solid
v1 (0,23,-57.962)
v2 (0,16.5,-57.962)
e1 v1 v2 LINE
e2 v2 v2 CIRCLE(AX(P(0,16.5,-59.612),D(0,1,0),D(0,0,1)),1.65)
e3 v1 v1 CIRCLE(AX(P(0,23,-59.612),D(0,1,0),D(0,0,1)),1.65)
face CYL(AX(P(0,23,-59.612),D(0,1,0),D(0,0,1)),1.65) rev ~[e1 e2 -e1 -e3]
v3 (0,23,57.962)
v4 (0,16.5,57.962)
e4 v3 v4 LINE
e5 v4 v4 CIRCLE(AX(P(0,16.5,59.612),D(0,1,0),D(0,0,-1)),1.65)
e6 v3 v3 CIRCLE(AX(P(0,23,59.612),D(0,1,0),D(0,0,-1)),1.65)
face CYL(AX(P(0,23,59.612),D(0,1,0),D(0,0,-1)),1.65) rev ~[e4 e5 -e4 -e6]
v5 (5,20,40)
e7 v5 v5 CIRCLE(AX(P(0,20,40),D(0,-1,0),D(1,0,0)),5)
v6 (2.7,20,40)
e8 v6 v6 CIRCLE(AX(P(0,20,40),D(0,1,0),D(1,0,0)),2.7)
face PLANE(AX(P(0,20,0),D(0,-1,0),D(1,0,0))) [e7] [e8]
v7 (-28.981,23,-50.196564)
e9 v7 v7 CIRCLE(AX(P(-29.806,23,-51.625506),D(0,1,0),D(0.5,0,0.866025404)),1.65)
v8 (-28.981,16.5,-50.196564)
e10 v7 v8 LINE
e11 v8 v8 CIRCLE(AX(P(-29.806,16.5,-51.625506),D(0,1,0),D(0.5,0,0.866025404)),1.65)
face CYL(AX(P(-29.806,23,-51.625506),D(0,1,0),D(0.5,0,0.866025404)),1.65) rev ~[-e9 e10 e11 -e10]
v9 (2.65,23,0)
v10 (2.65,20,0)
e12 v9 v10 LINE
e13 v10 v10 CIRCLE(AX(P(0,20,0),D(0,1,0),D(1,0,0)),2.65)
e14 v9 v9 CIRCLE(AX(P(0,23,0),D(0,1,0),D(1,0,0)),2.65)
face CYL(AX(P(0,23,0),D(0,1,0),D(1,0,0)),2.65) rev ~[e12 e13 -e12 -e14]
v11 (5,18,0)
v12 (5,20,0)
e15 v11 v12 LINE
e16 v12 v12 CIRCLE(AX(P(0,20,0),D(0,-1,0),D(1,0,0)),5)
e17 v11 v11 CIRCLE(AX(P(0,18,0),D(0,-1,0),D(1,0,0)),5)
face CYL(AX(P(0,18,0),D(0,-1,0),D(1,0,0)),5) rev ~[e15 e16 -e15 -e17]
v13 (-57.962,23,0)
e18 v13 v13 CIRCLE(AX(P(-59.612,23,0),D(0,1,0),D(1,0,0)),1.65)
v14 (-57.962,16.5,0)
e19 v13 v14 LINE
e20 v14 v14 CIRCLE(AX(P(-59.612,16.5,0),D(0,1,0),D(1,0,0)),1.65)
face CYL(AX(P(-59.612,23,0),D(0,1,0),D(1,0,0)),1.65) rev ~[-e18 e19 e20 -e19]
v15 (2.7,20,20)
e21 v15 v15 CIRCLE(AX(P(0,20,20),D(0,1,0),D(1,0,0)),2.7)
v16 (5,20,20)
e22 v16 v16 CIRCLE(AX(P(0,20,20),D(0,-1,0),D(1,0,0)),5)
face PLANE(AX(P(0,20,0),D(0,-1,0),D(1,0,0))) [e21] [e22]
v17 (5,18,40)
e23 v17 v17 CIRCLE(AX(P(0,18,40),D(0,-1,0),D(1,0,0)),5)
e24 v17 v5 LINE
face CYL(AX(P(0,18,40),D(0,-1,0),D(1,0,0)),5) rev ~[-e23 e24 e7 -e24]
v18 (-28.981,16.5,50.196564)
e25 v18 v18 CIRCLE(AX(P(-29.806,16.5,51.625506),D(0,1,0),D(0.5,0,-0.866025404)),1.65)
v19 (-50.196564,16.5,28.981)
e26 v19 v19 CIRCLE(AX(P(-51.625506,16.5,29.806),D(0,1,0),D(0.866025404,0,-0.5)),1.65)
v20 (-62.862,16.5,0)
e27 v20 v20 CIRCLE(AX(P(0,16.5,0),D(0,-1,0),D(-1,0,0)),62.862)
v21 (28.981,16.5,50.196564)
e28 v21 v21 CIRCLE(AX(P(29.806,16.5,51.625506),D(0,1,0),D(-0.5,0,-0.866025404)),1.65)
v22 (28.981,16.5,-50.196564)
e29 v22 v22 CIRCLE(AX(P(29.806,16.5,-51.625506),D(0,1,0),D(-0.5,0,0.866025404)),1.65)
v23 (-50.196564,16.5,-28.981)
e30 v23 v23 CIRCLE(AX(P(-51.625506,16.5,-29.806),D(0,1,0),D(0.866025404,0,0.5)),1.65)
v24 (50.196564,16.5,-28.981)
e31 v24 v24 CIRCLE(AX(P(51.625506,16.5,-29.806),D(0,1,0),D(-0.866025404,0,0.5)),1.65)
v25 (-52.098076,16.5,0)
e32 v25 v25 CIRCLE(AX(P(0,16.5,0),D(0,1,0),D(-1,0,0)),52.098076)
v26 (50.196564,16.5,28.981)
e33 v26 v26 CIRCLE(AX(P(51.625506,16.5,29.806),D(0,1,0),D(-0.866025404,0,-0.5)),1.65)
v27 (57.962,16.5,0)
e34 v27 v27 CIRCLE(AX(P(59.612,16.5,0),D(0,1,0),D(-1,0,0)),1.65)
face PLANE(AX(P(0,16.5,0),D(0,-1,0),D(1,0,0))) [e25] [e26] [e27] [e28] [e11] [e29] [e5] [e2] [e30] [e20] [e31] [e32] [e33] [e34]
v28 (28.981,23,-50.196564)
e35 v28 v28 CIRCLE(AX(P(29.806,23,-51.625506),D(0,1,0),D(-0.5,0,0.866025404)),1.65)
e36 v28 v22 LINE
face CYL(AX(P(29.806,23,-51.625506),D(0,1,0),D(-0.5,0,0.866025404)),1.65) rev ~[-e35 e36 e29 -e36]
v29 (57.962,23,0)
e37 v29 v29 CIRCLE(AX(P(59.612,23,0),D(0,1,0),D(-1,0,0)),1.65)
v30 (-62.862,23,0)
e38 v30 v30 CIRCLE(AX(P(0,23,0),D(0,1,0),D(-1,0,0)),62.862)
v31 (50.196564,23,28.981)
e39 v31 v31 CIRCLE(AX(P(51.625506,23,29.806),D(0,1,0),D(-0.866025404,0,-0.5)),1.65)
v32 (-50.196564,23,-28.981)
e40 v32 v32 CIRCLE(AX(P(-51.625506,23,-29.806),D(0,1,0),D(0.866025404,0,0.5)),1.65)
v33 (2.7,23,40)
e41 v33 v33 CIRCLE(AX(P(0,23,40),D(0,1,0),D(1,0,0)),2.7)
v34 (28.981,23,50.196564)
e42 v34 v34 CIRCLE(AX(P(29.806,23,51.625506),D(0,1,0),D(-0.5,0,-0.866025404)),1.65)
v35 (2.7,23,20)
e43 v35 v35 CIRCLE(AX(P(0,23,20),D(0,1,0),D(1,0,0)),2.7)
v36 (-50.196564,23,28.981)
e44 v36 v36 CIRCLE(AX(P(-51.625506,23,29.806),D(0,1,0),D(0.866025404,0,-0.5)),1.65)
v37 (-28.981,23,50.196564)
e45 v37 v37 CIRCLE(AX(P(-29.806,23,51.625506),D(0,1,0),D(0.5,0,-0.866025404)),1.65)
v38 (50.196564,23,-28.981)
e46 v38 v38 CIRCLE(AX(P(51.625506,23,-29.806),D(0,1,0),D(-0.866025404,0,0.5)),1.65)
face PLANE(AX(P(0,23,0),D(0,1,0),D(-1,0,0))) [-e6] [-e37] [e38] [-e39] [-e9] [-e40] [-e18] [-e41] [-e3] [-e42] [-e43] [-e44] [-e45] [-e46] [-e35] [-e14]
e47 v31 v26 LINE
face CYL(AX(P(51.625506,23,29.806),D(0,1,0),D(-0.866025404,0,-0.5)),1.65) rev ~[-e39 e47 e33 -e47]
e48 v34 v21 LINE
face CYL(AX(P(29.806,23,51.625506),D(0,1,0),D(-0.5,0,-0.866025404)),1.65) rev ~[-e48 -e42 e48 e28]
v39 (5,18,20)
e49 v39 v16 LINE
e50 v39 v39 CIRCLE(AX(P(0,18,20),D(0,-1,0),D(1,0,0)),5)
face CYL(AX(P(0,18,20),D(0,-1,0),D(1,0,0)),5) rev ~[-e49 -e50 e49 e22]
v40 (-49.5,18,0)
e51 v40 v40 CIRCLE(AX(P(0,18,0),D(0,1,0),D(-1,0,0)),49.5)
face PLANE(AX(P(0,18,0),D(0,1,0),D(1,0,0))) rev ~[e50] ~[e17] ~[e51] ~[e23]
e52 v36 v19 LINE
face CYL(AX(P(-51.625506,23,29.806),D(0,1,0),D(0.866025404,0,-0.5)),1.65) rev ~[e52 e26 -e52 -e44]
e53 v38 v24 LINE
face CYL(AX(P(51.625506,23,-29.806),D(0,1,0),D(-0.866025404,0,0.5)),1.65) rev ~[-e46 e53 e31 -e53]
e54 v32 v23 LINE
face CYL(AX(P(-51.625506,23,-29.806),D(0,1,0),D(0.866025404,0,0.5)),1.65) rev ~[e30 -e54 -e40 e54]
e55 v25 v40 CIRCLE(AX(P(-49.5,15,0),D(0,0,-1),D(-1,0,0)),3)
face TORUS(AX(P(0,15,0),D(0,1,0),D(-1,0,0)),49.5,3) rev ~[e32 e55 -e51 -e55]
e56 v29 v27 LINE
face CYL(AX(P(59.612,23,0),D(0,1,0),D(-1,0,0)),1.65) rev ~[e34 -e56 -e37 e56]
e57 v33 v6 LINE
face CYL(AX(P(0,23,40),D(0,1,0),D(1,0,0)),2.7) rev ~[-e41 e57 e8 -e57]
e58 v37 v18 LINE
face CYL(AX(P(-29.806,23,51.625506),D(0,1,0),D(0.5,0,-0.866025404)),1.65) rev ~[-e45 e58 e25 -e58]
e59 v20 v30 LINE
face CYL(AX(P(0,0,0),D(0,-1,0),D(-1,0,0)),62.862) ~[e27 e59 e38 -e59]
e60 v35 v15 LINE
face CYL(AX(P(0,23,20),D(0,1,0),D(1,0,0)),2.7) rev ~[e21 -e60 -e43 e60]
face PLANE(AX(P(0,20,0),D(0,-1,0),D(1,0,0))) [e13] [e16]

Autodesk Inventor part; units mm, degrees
ref_plane "YZ Plane" through (0, 0, 0) normal (1, 0, 0) x (0, 1, 0)
ref_plane "XZ Plane" through (0, 0, 0) normal (0, 1, 0) x (-1, 0, 0)
ref_plane "XY Plane" through (0, 0, 0) normal (0, 0, 1) x (1, 0, 0)
sketch "Boceto1" plane through (0, 0, 0) normal (0, 1, 0) x (-1, 0, 0)
  circle A0 centre (0, 0) radius 62.862
  circle A1 centre (0, 0) radius 52.5
  dimension "d0" = 125.724
  dimension "d1" = 105
extrude "Extrusión1" add sketch "Boceto1" along normal blind 23
sketch "Boceto2" plane through (0, 23, 0) normal (0, 1, 0) x (1, 0, 0)
  circle A0 centre (0, 0) radius 52.5 projected
extrude "Extrusión2" add sketch "Boceto2" against normal blind 5
sketch "Boceto3" plane through (0, 23, 0) normal (0, 1, 0) x (1, 0, 0)
  circle A0 centre (0, 0) radius 2.65
  dimension "d6" = 5.3
extrude "Extrusión3" cut sketch "Boceto3" against normal through all
sketch "Boceto4" plane through (0, 23, 0) normal (0, 1, 0) x (1, 0, 0)
  circle A0 centre (-59.612, 0) radius 1.65
  point P0 (0, 0)
  dimension "d9" = 3.3
  dimension "d10" = 59.612
extrude "Extrusión4" cut sketch "Boceto4" against normal through all
pattern_circular "Patrón circular1" count 12 over 360 about axis through (0, 0, 0) along (0, 1, 0) of "Extrusión4"
fillet "Empalme1" radius 3 1 edges at (52.5, 18, 0)
sketch "Boceto6" plane through (0, 23, 0) normal (0, 1, 0) x (1, 0, 0)
  circle A0 centre (0, -59.612) radius 1.65 projected
  circle A1 centre (0, -59.612) radius 2.85
  line L0 (1.6454, -62.462) -> (-1.6454, -62.462)
  line L1 (-1.6454, -62.462) -> (-3.2909, -59.612)
  line L2 (-3.2909, -59.612) -> (-1.6454, -56.762)
  line L3 (-1.6454, -56.762) -> (1.6454, -56.762)
  line L4 (1.6454, -56.762) -> (3.2909, -59.612)
  line L5 (3.2909, -59.612) -> (1.6454, -62.462)
  point P0 (0, 0)
  dimension "d20" = 5.7
extrude "Extrusión6" [suppressed]
pattern_circular "Patrón circular2" [suppressed]
sketch "Boceto10" plane through (0, 0, 0) normal (0, -1, 0) x (1, 0, 0)
  circle A0 centre (0, 0) radius 2.65 projected
  circle A1 centre (0, 0) radius 81.3362
extrude "Extrusión10" cut sketch "Boceto10" against normal blind 16.5
sketch "Boceto11" plane through (0, 23, 0) normal (0, 1, 0) x (1, 0, 0)
  circle A0 centre (0, -20) radius 2.7
  circle A1 centre (0, -40) radius 2.7
  point P0 (0, 0)
  dimension "d40" = 5.4
  dimension "d41" = 20
  dimension "d42" = 20
extrude "Extrusión11" cut sketch "Boceto11" against normal through all
sketch "Boceto12" plane through (0, 18, 0) normal (0, -1, 0) x (1, 0, 0)
  circle A0 centre (0, 0) radius 2.65 projected
  circle A1 centre (0, 0) radius 5
  circle A2 centre (0, 20) radius 2.7 projected
  circle A3 centre (0, 20) radius 5
  circle A4 centre (0, 40) radius 2.7 projected
  circle A5 centre (0, 40) radius 5
  dimension "d45" = 10
extrude "Extrusión12" cut sketch "Boceto12" against normal blind 2 contours A0 | A1 | A2 | A3 | A4 | A5
sketch "Boceto9" plane through (0, 18, 0) normal (0, -1, 0) x (1, 0, 0)
  circle A0 centre (0, 0) radius 2.65 projected
  circle A1 centre (0, 0) radius 74.2803
sketch "Boceto8" plane through (0, 0, 0) normal (0, -1, 0) x (1, 0, 0)
  circle A0 centre (0, 0) radius 2.65 projected
  circle A1 centre (0, 0) radius 69.5586
sketch "Boceto7" plane through (0, 0, 0) normal (0, -1, 0) x (1, 0, 0)
  line L0 (0, 0) -> (-67.2382, 47.1765)
  line L1 (-67.2382, 47.1765) -> (-46.5407, 66.6024)
  circle A0 centre (0, 0) radius 2.65 projected
  line L2 (-46.5407, 66.6024) -> (0, 0)
  line L3 (0, 0) -> (-86.5562, 0)
  line L4 (0, 0) -> (-56.8894, 56.8894)
  point P0 (-1.5179, 2.1722)
  point P1 (-2.1693, 1.5221)
  dimension "d26" = 20
  dimension "d28" = 45
properties part number "Platform"
